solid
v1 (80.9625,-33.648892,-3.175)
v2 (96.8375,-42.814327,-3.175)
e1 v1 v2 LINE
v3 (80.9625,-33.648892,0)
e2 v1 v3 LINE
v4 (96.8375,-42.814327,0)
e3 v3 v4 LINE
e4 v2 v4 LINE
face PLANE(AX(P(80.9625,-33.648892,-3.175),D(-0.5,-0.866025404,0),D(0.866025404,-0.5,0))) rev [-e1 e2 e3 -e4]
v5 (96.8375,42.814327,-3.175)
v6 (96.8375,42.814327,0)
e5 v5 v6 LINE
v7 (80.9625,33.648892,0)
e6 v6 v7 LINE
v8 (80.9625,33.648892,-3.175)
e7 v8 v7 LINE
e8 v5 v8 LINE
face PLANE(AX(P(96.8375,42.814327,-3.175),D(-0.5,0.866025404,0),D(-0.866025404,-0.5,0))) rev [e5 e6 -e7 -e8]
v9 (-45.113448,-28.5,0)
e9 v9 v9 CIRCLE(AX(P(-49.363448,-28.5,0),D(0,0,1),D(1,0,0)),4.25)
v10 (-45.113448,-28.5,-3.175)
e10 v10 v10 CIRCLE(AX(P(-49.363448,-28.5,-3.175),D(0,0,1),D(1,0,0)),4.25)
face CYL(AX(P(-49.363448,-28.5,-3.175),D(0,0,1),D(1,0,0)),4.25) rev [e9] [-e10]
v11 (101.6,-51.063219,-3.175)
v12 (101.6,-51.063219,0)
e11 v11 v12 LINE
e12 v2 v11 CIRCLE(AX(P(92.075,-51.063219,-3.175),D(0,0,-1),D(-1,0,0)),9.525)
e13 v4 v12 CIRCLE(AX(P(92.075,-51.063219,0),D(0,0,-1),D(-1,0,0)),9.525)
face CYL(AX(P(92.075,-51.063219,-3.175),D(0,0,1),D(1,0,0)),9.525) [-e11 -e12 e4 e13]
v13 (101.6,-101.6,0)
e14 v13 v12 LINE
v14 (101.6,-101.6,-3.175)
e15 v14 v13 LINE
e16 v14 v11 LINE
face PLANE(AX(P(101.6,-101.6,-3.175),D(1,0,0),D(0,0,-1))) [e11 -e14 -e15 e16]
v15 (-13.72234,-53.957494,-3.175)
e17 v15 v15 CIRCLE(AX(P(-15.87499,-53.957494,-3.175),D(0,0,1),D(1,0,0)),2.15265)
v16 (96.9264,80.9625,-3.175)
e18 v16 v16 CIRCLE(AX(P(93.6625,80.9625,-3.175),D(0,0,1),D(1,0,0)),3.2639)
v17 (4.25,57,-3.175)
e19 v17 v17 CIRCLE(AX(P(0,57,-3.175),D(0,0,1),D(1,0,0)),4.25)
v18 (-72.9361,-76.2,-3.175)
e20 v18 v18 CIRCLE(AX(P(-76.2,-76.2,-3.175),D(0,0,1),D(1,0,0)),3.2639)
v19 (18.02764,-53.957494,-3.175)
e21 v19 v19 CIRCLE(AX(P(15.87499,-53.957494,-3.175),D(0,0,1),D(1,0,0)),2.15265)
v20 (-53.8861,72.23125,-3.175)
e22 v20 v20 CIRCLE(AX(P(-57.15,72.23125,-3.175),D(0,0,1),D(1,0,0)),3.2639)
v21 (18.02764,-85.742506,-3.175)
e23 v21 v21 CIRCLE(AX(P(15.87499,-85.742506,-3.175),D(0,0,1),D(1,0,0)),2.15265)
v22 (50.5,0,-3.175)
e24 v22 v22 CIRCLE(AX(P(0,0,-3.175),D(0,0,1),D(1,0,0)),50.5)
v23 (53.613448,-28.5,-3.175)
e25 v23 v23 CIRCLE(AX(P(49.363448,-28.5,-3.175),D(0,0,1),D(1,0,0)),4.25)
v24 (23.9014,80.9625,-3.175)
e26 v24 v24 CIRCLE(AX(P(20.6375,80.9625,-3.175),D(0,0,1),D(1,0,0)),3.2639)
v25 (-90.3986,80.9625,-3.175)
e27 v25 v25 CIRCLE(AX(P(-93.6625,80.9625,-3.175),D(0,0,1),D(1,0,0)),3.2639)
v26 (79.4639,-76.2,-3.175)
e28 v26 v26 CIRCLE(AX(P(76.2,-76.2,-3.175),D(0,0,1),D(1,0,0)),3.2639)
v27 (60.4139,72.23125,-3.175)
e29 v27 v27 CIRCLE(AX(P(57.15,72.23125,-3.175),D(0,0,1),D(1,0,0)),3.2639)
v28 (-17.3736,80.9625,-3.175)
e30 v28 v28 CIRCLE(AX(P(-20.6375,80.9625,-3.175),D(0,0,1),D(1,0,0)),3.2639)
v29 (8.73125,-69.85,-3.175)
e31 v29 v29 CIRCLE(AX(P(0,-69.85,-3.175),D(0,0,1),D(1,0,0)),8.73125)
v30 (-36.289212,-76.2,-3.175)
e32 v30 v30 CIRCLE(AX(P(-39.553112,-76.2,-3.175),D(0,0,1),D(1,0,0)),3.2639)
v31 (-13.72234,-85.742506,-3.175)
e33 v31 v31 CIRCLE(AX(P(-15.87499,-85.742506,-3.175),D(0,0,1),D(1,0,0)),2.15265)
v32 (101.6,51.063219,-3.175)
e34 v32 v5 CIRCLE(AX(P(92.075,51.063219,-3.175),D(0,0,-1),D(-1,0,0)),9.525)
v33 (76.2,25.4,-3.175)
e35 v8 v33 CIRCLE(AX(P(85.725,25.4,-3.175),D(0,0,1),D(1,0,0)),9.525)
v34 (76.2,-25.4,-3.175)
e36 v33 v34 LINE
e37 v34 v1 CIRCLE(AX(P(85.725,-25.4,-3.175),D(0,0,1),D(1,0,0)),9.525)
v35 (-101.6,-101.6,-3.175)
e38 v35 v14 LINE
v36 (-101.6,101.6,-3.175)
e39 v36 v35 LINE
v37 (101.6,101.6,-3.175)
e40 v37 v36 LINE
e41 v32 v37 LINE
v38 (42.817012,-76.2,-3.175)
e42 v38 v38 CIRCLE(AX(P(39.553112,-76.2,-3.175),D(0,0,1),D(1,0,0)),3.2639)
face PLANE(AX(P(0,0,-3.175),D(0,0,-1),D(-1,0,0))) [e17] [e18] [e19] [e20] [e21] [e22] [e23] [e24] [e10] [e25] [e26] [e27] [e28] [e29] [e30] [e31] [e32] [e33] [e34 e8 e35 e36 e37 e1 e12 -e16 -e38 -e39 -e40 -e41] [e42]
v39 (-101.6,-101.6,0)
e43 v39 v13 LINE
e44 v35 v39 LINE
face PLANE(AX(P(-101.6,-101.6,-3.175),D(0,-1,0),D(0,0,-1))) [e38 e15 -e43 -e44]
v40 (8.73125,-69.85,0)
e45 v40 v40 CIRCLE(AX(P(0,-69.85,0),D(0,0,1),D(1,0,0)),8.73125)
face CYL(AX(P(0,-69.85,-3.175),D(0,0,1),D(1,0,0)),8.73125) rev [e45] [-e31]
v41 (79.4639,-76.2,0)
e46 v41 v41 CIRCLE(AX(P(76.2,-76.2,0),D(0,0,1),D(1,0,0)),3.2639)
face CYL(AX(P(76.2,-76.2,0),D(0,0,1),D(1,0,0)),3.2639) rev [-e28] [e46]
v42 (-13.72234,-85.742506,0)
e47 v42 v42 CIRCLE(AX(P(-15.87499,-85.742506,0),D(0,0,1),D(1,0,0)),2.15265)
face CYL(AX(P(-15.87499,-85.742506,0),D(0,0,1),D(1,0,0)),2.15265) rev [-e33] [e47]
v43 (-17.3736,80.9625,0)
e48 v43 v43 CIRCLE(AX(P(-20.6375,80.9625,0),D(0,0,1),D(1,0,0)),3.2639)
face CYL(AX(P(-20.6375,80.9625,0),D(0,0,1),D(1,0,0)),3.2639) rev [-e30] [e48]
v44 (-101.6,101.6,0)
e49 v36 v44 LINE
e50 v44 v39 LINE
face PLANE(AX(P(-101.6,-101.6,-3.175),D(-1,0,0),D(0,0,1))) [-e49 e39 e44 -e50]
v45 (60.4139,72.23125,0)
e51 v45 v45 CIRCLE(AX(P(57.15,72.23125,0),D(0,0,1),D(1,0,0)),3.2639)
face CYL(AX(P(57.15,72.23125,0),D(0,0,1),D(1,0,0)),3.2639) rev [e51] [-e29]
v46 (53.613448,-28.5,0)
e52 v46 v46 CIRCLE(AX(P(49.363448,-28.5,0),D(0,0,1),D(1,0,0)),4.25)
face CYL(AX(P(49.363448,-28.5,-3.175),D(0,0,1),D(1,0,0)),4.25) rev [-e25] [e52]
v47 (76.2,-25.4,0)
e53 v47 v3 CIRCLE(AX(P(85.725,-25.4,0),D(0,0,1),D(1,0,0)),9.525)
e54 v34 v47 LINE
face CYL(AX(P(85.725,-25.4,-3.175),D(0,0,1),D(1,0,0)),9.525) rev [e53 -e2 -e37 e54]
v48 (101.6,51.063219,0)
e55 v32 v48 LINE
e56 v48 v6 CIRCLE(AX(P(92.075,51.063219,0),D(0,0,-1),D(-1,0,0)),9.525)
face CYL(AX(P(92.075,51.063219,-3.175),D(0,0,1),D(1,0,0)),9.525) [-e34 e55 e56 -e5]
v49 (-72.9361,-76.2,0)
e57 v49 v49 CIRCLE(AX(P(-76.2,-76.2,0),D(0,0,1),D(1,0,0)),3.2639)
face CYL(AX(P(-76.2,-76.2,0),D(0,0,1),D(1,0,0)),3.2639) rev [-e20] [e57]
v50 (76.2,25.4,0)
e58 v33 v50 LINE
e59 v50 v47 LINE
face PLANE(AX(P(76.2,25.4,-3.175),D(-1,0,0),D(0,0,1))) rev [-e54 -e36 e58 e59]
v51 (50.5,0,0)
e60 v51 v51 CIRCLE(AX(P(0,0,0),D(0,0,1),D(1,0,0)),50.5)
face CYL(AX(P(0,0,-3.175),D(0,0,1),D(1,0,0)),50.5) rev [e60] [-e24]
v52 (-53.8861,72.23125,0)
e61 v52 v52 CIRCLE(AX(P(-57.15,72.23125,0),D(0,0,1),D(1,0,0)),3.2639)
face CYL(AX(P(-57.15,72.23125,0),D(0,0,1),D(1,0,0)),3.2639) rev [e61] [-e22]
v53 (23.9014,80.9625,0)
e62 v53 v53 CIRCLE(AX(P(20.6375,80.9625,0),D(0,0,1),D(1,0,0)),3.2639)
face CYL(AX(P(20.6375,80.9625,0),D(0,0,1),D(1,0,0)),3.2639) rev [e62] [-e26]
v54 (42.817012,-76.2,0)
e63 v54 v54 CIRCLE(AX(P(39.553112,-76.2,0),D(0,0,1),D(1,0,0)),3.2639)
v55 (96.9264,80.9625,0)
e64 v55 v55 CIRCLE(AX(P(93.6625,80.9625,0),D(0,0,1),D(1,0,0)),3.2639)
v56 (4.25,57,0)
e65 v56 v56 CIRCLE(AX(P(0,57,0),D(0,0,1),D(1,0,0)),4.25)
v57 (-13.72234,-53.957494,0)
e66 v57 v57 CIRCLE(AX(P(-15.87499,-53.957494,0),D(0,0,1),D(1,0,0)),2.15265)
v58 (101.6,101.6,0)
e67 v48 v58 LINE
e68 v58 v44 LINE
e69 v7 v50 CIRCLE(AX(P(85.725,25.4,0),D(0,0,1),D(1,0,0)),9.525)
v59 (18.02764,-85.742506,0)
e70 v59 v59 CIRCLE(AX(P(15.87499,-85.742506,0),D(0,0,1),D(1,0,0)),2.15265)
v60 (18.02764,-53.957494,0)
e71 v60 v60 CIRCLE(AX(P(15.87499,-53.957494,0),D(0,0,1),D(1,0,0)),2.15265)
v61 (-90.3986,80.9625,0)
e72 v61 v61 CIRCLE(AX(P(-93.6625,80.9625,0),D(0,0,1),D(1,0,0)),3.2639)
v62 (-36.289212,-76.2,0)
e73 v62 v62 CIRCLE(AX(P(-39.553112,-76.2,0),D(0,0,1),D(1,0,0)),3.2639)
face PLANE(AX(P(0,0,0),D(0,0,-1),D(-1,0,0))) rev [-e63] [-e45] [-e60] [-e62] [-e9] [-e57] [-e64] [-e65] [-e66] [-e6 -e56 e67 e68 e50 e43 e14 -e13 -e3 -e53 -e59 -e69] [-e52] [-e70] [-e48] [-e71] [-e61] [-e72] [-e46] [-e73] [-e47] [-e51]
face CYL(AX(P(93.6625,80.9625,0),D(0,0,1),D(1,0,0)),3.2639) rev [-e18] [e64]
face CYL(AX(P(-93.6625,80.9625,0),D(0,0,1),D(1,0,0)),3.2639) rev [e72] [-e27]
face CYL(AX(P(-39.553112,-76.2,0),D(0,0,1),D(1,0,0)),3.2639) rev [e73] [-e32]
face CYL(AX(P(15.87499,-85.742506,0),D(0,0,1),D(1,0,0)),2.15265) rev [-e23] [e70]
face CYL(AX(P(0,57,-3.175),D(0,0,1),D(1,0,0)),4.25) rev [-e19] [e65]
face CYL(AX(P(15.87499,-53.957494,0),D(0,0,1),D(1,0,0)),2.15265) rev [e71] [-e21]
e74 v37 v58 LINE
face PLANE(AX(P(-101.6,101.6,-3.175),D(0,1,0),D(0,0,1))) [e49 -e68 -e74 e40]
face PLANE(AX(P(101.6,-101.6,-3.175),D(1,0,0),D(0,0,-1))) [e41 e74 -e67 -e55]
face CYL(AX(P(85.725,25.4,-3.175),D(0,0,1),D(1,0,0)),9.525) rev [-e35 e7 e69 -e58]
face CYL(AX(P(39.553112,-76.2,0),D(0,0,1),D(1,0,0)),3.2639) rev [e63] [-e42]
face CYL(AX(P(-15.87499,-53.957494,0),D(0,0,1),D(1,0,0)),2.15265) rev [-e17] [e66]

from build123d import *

# Parameters (mm, degrees)
SKETCH1_W               = 203.2
SKETCH1_H               = 203.2
BOSS_EXTRUDE1_DEPTH     = 3.175
SKETCH8_R               = 50.5
SKETCH8_R_2             = 4.25
CUT_EXTRUDE3_DEPTH      = 144.719172782
CUT_EXTRUDE4_DEPTH      = 144.719172782
F_1_4_CLEARANCE_HOLE2_D = 6.5278
F_1_4_CLEARANCE_HOLE1_D = 6.5278
F_8_CLEARANCE_HOLE2_D   = 4.3053
SKETCH19_R              = 8.73125
CUT_EXTRUDE5_DEPTH      = 144.719172782


with BuildPart() as part:
    # Sketch1 → Boss-Extrude1 (new body)
    with BuildSketch(Plane.XY):
        Rectangle(SKETCH1_W, SKETCH1_H)
    extrude(amount=-BOSS_EXTRUDE1_DEPTH)

    # Sketch8 → Cut-Extrude3 (cut, through all)
    with BuildSketch(Plane.XY):
        Circle(SKETCH8_R)
        with Locations((0, 57)):
            Circle(SKETCH8_R_2)
        with Locations((-49.363448016, -28.5)):
            Circle(SKETCH8_R_2)
        with Locations((49.363448016, -28.5)):
            Circle(SKETCH8_R_2)
    extrude(amount=-CUT_EXTRUDE3_DEPTH, mode=Mode.SUBTRACT)

    # Sketch10 → Cut-Extrude4 (cut, through all)
    with BuildSketch(Plane.XY):
        with BuildLine():
            Line((96.8375, 42.814327494), (80.9625, 33.648891971))
            ThreePointArc((80.9625, 33.648891971), (77.476108029, 30.1625), (76.2, 25.4))
            Line((76.2, 25.4), (76.2, -25.4))
            ThreePointArc((76.2, -25.4), (77.476108029, -30.1625), (80.9625, -33.648891971))
            Line((80.9625, -33.648891971), (96.8375, -42.814327494))
            ThreePointArc((96.8375, -42.814327494), (100.323891971, -46.300719465), (101.6, -51.063219465))
            Line((101.6, -51.063219465), (101.6, 51.063219465))
            ThreePointArc((101.6, 51.063219465), (100.323891971, 46.300719465), (96.8375, 42.814327494))
        make_face()
    extrude(amount=-CUT_EXTRUDE4_DEPTH, mode=Mode.SUBTRACT)

    # 1/4 Clearance Hole2 (through all)
    with Locations(Plane.XY):
        with Locations((76.2, -76.2), (39.553111932, -76.2), (-39.553111932, -76.2), (-76.2, -76.2)):
            Hole(F_1_4_CLEARANCE_HOLE2_D / 2)

    # 1/4 Clearance Hole1 (through all)
    with Locations(Plane.XY):
        with Locations((-93.6625, 80.9625), (-57.15, 72.23125), (-20.6375, 80.9625), (20.6375, 80.9625), (57.15, 72.23125), (93.6625, 80.9625)):
            Hole(F_1_4_CLEARANCE_HOLE1_D / 2)

    # #8 Clearance Hole2 (through all)
    with Locations(Plane.XY):
        with Locations((-15.874990337, -53.95749371), (15.874990337, -53.95749371), (-15.874990337, -85.74250629), (15.874990337, -85.74250629)):
            Hole(F_8_CLEARANCE_HOLE2_D / 2)

    # Sketch19 → Cut-Extrude5 (cut, through all)
    with BuildSketch(Plane.XY):
        with Locations((0, -69.85)):
            Circle(SKETCH19_R)
    extrude(amount=-CUT_EXTRUDE5_DEPTH, mode=Mode.SUBTRACT)


solid = part.part
